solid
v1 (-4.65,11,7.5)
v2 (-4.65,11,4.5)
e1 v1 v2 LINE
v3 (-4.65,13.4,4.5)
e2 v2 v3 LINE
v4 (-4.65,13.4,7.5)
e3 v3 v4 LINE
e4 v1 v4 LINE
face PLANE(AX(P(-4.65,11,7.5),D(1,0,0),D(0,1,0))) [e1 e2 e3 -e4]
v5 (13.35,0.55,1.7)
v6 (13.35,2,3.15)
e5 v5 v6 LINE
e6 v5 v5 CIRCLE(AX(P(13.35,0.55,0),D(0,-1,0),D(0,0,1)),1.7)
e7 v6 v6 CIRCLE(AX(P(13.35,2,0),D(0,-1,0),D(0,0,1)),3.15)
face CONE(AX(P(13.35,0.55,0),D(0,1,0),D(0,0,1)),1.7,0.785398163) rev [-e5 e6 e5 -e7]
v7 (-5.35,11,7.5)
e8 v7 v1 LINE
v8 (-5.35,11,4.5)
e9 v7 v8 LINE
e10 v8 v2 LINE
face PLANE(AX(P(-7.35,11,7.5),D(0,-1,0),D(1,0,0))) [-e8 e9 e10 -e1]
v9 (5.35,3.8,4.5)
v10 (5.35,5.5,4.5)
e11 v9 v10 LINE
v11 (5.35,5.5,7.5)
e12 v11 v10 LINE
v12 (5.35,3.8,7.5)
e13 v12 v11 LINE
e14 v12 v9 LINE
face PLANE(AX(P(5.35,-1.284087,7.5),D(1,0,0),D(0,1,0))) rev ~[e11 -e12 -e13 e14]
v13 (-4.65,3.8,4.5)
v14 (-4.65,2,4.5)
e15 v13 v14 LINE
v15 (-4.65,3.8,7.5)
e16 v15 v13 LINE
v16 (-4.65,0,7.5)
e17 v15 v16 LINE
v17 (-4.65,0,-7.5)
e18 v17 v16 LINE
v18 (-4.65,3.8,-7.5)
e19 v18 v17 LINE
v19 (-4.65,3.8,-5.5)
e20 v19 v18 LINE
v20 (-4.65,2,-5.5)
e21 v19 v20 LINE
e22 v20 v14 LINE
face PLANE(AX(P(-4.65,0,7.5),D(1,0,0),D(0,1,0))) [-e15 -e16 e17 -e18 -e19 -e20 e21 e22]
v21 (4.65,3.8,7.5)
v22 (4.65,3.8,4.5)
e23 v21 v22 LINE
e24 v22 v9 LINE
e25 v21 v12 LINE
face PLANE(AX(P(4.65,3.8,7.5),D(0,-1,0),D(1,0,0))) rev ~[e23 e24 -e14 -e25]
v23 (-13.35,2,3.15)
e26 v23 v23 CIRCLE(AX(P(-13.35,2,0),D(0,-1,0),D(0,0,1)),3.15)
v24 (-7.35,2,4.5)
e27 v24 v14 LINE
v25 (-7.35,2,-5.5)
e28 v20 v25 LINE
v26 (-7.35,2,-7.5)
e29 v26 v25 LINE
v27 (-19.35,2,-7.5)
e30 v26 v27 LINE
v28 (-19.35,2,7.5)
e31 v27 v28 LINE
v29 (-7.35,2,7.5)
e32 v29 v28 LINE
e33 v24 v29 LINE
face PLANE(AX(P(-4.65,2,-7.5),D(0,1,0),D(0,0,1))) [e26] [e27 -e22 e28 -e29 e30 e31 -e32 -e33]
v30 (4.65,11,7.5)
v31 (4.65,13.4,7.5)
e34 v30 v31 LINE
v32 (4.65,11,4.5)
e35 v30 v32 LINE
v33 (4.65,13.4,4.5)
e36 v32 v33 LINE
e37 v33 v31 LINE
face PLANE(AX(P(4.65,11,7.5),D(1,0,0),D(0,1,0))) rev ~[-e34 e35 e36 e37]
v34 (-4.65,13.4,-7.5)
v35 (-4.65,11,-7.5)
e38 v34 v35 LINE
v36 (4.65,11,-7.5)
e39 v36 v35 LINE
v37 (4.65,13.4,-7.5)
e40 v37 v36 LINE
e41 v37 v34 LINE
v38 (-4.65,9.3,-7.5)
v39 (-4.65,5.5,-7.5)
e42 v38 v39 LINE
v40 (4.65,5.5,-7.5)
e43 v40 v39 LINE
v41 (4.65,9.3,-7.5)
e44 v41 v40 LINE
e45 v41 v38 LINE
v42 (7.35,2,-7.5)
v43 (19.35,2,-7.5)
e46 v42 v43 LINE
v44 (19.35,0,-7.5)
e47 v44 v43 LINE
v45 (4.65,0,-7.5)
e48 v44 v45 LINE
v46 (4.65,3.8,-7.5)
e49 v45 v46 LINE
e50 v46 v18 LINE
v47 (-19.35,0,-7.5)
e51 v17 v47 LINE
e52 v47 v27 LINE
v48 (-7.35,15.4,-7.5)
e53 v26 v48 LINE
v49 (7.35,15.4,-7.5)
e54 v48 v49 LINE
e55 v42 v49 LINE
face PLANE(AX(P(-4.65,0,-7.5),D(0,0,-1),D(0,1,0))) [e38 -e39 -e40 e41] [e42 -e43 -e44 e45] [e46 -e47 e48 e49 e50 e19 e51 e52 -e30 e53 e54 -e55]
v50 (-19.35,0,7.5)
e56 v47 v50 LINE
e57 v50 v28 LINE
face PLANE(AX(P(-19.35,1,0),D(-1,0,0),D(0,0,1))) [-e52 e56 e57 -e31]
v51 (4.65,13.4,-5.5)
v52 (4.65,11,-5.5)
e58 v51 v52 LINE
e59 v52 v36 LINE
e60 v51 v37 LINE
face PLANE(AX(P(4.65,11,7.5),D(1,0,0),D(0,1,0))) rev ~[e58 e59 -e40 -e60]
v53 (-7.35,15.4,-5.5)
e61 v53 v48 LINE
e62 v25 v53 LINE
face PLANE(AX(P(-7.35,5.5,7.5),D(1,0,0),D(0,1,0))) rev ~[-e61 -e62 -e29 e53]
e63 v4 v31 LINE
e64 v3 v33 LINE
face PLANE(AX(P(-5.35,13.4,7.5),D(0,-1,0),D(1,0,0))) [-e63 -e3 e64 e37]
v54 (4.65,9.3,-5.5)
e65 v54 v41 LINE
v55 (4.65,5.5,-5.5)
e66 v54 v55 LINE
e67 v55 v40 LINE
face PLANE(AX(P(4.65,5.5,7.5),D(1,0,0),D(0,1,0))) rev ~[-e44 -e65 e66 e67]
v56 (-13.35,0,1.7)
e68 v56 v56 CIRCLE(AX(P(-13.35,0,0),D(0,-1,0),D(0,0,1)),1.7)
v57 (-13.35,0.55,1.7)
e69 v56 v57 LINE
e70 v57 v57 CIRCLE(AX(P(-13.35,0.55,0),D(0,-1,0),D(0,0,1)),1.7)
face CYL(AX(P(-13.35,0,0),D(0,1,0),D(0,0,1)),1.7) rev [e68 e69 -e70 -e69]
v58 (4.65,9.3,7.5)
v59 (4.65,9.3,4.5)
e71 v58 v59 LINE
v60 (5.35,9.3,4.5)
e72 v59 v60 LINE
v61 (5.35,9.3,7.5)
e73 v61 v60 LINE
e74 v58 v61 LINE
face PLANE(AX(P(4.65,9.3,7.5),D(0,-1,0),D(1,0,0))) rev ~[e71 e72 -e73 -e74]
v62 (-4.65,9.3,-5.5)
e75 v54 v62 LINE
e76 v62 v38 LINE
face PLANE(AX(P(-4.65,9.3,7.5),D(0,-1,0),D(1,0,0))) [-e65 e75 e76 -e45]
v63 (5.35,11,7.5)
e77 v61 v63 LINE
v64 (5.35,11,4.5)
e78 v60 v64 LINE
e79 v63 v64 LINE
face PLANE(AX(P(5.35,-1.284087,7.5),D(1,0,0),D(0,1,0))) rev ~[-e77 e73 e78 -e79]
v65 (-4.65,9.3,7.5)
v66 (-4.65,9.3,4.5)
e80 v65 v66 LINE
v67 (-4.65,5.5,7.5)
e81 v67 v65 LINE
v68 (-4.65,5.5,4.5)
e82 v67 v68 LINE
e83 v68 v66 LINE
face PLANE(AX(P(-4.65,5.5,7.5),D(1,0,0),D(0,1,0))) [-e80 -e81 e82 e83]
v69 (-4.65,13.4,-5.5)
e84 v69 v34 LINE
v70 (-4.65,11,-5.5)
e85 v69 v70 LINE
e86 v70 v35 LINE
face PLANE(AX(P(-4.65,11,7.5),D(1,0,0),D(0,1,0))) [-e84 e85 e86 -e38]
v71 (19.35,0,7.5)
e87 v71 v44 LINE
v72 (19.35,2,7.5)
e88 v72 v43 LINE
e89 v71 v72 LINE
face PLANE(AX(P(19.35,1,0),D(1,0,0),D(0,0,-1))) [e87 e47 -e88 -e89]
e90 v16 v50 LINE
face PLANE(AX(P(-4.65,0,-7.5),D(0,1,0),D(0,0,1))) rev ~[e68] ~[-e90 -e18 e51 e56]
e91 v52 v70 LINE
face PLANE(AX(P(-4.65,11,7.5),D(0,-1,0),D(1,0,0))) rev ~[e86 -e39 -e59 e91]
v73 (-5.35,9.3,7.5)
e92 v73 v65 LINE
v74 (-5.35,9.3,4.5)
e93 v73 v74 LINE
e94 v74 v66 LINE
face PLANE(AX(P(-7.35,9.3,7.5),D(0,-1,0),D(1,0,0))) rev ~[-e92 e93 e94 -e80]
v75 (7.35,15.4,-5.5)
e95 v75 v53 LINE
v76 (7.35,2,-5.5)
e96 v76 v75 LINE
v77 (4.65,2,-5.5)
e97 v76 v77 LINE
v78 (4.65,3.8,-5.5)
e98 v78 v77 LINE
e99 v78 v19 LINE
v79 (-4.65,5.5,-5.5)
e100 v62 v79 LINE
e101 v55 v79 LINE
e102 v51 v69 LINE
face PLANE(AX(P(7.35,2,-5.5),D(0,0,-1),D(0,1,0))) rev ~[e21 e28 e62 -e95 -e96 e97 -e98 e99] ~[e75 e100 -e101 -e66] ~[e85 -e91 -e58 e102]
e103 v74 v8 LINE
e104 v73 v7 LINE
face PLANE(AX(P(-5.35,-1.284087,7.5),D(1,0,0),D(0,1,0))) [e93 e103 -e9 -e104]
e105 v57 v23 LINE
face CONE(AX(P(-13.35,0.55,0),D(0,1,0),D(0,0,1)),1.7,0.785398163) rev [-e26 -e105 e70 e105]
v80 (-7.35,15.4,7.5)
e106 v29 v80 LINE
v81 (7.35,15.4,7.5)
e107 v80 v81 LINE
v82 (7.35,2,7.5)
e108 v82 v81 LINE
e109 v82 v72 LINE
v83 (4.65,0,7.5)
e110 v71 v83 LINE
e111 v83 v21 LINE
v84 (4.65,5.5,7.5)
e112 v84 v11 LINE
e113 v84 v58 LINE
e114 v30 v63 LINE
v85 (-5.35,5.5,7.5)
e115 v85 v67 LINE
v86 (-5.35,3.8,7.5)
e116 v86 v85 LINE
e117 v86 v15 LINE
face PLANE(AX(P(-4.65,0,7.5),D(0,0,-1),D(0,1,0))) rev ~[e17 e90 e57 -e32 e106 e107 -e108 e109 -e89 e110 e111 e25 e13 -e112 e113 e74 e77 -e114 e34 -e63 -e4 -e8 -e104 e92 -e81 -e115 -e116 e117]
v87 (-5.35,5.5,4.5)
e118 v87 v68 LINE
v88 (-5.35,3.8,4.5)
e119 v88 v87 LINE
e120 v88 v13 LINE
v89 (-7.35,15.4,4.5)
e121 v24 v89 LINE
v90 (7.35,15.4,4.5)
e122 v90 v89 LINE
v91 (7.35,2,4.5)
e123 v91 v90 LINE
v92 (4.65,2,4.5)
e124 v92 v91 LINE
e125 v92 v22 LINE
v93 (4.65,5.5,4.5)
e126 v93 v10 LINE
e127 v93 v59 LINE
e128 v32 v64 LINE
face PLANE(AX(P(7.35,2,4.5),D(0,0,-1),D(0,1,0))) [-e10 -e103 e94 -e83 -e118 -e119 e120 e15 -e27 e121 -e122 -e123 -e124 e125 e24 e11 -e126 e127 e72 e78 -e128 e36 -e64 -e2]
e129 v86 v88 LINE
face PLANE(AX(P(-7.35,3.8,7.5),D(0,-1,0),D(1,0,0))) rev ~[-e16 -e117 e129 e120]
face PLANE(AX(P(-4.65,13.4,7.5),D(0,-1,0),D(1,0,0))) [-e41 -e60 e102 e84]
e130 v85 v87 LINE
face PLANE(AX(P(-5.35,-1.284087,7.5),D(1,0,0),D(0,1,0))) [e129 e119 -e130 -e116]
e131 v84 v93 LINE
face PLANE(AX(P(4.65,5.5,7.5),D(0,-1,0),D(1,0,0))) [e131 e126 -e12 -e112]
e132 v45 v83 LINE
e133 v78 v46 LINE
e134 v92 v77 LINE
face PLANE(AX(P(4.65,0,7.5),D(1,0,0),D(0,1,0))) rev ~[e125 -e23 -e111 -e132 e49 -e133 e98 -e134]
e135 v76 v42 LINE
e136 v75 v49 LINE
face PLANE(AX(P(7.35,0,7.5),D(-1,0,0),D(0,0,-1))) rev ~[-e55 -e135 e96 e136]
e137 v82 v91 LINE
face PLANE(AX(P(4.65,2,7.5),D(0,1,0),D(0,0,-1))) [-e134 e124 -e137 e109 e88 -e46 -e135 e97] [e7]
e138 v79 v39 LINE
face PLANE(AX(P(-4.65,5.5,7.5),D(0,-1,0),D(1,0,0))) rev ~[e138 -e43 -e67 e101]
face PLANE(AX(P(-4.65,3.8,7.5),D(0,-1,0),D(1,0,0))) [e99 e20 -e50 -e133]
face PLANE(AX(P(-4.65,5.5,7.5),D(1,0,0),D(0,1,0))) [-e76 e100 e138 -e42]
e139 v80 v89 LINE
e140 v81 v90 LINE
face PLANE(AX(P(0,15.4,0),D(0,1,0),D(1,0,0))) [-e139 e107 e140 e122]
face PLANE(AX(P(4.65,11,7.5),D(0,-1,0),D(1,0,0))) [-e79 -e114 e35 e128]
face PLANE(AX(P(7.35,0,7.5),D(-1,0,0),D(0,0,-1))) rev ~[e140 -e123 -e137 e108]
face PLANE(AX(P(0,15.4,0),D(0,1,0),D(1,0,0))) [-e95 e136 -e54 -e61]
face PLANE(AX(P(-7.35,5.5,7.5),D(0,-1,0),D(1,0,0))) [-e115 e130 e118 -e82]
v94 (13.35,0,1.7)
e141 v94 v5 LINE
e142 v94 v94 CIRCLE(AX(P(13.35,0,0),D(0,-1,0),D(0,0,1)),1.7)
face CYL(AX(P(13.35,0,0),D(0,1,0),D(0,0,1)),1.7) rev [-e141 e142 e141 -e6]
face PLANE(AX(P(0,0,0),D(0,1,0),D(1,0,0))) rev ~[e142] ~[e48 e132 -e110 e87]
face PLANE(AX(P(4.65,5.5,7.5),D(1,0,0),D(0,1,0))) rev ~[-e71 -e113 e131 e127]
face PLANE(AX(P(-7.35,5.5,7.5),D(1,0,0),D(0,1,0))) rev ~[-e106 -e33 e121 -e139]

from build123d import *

# Parameters (mm, degrees)
SKETCH1_W                = 14.7
SKETCH1_H                = 15
BOSS_EXTRUDE1_DEPTH      = 15.4
SKETCH2_W                = 10.7
SKETCH2_H                = 14.684086862
CUT_EXTRUDE1_DEPTH       = 13
SKETCH4_W                = 2.7
SKETCH4_H                = 3.8
BOSS_EXTRUDE2_DEPTH      = 3
SKETCH5_W                = 10
SKETCH5_H                = 13.4
CUT_EXTRUDE2_DEPTH       = 23.572106681
SKETCH6_W                = 9.3
SKETCH6_H                = 3.8
SKETCH6_H_2              = 2.4
CUT_EXTRUDE3_DEPTH       = 23.719650085
BOSS_EXTRUDE3_DEPTH      = 12
BOSS_EXTRUDE3_DEPTH_BACK = 2.7
SKETCH7_W                = 15
SKETCH7_H                = 2
BOSS_EXTRUDE4_DEPTH      = 12
BOSS_EXTRUDE4_DEPTH_BACK = 2.7
SKETCH8_W                = 15
SKETCH8_H                = 2


with BuildPart() as part:
    # Sketch1 → Boss-Extrude1 (new body)
    with BuildSketch(Plane(origin=(0, 0, 0), x_dir=(1, 0, 0), z_dir=(0, 1, 0))):
        Rectangle(SKETCH1_W, SKETCH1_H)
    extrude(amount=BOSS_EXTRUDE1_DEPTH)

    # Sketch2 → Cut-Extrude1 (cut)
    with BuildSketch(Plane.XY.offset(7.5)):
        with Locations((0, 6.057956569)):
            Rectangle(SKETCH2_W, SKETCH2_H)
    extrude(amount=-CUT_EXTRUDE1_DEPTH, mode=Mode.SUBTRACT)

    # Sketch4 → Boss-Extrude2 (add)
    with BuildSketch(Plane.XY.offset(7.5)):
        with Locations((-6, 7.4)):
            Rectangle(SKETCH4_W, SKETCH4_H)
        with Locations((-6, 12.9)):
            Rectangle(SKETCH4_W, SKETCH4_H)
        with Locations((6, 12.9)):
            Rectangle(SKETCH4_W, SKETCH4_H)
        with Locations((6, 7.4)):
            Rectangle(SKETCH4_W, SKETCH4_H)
        with Locations((-6, 1.9)):
            Rectangle(SKETCH4_W, SKETCH4_H)
        with Locations((6, 1.9)):
            Rectangle(SKETCH4_W, SKETCH4_H)
    extrude(amount=-BOSS_EXTRUDE2_DEPTH)

    # Sketch5 → Cut-Extrude2 (cut, through all)
    with BuildSketch(Plane(origin=(7.35, 0, 0), x_dir=(0, 0, -1), z_dir=(1, 0, 0))):
        with Locations((0.5, 8.7)):
            Rectangle(SKETCH5_W, SKETCH5_H)
    extrude(amount=-CUT_EXTRUDE2_DEPTH, mode=Mode.SUBTRACT)

    # Sketch6 → Cut-Extrude3 (cut, through all)
    with BuildSketch(Plane.XY.offset(7.5)):
        with Locations((0, 7.4)):
            Rectangle(SKETCH6_W, SKETCH6_H)
        with Locations((0, 1.9)):
            Rectangle(SKETCH6_W, SKETCH6_H)
        with Locations((0, 12.2)):
            Rectangle(SKETCH6_W, SKETCH6_H_2)
    extrude(amount=-CUT_EXTRUDE3_DEPTH, mode=Mode.SUBTRACT)

    # Sketch7 → Boss-Extrude3 (add, two sides: drawn at the far end of the back side and taken through both)
    with BuildSketch(Plane.ZY.offset(7.35).offset(-BOSS_EXTRUDE3_DEPTH_BACK)):
        with Locations((0, 1)):
            Rectangle(SKETCH7_W, SKETCH7_H)
    extrude(amount=BOSS_EXTRUDE3_DEPTH + BOSS_EXTRUDE3_DEPTH_BACK)

    # Sketch8 → Boss-Extrude4 (add, two sides: drawn at the far end of the back side and taken through both)
    with BuildSketch(Plane(origin=(7.35, 0, 0), x_dir=(0, 0, -1), z_dir=(1, 0, 0)).offset(-BOSS_EXTRUDE4_DEPTH_BACK)):
        with Locations((0, 1)):
            Rectangle(SKETCH8_W, SKETCH8_H)
    extrude(amount=BOSS_EXTRUDE4_DEPTH + BOSS_EXTRUDE4_DEPTH_BACK)

    # Sketch10 → CSK for M3 Flat Head Machine Screw1 (revolve, cut)
    with BuildSketch(Plane(origin=(-13.35, 2, 0), x_dir=(0, 0, 1), z_dir=(1, 0, 0))):
        Polygon((0, 0), (0, 2), (1.7, 2), (1.7, 1.45), (3.15, 0), align=None)
    revolve(axis=Axis((-13.35, 8.35, 0), (0, -1, 0)), mode=Mode.SUBTRACT)

    # Sketch12 → CSK for M3 Flat Head Machine Screw2 (revolve, cut)
    with BuildSketch(Plane(origin=(13.35, 2, 0), x_dir=(0, 0, 1), z_dir=(1, 0, 0))):
        Polygon((0, 0), (0, 2), (1.7, 2), (1.7, 1.45), (3.15, 0), align=None)
    revolve(axis=Axis((13.35, 8.35, 0), (0, -1, 0)), mode=Mode.SUBTRACT)


solid = part.part
